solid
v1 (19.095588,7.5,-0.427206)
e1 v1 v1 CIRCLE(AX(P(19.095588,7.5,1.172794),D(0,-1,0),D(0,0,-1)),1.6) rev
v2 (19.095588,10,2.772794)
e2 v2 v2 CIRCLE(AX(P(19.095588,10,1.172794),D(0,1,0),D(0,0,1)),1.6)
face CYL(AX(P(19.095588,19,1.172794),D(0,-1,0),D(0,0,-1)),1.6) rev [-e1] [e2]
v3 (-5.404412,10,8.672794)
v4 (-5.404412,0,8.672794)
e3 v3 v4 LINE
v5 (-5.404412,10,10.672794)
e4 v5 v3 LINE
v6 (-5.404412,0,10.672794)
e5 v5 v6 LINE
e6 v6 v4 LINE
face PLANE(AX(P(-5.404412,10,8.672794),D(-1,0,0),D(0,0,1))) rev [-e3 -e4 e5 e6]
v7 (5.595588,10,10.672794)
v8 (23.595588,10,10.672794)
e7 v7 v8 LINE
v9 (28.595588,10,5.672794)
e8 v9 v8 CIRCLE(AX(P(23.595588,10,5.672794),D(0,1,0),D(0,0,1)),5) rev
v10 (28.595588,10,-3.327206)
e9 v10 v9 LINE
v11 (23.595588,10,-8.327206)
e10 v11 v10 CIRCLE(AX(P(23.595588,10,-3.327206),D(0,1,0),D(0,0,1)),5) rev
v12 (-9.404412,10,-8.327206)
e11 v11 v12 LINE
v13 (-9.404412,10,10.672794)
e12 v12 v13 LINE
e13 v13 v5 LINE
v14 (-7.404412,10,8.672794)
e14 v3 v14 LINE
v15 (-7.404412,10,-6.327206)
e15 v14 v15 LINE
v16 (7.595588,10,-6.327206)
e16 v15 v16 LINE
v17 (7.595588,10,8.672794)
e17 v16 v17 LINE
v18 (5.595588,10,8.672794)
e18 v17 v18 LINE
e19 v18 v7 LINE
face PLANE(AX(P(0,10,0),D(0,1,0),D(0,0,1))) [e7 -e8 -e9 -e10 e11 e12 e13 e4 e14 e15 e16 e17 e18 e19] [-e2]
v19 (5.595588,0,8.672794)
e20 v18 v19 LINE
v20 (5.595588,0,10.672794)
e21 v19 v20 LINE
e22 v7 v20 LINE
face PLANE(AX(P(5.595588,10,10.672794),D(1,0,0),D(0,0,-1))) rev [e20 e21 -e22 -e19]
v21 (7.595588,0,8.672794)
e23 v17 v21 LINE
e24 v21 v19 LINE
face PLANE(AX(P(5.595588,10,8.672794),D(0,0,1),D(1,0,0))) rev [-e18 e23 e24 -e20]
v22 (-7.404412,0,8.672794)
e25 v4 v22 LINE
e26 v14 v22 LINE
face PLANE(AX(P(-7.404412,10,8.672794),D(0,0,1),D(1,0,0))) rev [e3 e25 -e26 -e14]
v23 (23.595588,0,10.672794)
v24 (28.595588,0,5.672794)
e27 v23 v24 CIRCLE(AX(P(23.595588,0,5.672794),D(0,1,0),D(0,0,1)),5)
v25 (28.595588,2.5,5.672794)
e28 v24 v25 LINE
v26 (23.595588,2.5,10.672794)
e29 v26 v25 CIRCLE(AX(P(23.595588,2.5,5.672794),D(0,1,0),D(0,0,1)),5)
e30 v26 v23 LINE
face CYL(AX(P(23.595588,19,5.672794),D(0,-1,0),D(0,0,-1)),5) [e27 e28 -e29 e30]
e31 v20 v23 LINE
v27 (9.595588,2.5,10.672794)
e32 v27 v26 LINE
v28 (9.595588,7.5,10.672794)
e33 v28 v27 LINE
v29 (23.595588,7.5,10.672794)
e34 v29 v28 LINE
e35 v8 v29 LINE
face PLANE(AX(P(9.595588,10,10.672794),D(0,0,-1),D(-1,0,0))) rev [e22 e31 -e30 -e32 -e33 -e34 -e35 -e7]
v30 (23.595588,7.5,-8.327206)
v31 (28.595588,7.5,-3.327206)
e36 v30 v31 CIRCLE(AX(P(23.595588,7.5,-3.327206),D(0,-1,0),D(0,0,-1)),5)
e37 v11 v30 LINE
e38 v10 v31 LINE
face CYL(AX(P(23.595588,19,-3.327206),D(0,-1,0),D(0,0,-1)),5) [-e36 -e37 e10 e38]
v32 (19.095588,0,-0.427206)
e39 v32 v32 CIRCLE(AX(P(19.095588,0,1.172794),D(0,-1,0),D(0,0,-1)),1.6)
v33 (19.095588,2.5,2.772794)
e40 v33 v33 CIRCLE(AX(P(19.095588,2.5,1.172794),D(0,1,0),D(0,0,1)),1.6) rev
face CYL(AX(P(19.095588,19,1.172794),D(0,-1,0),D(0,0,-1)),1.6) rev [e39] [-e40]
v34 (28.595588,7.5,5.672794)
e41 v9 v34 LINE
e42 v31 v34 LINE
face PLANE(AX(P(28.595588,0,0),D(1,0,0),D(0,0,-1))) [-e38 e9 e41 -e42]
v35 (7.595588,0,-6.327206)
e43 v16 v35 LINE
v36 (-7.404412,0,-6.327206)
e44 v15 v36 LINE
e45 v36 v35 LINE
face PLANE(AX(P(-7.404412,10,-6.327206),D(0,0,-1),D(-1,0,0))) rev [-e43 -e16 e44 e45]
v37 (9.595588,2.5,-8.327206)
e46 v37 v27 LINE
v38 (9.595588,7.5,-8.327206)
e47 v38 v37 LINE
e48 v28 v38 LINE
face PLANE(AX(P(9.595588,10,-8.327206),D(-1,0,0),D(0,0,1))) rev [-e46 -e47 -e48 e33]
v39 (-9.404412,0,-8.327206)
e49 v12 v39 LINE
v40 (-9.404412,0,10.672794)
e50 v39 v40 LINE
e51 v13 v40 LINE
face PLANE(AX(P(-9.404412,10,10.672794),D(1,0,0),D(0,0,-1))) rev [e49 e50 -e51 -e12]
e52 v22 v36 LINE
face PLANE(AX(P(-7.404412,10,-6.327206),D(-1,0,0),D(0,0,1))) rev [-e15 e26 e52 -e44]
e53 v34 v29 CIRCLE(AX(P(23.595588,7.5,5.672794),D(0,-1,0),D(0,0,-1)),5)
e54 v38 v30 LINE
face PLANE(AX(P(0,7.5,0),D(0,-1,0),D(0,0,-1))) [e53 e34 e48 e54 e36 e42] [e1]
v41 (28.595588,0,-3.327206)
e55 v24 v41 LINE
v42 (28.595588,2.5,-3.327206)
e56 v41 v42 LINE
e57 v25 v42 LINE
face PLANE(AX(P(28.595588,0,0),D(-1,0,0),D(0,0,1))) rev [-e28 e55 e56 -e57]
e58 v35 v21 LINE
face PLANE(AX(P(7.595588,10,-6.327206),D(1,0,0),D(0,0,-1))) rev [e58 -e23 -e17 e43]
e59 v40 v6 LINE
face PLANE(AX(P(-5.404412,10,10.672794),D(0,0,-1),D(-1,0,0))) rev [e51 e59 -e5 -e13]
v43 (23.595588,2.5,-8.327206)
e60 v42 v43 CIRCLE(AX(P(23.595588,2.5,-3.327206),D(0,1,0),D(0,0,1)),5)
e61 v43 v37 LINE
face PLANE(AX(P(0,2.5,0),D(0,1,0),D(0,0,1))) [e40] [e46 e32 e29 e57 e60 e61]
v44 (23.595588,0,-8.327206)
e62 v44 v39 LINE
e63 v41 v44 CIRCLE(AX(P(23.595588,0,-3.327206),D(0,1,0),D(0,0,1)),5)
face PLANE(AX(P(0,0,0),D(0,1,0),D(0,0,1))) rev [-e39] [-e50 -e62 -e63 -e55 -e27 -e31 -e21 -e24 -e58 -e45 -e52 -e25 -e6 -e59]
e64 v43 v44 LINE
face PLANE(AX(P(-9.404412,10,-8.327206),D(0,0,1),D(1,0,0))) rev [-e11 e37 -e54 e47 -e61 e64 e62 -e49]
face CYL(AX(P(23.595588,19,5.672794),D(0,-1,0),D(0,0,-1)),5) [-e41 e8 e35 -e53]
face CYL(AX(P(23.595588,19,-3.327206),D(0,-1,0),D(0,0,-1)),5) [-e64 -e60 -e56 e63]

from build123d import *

# Parameters (mm, degrees)
EXTRUDE_3_DEPTH     = 10
SKETCH_5_W          = 19
SKETCH_5_H          = 3
EXTRUDE_5_DEPTH     = 19
SKETCH_6_R          = 1.6
CUT_EXTRUDE_4_DEPTH = 19
SKETCH_7_W          = 19
SKETCH_7_H          = 19
CUT_EXTRUDE_5_DEPTH = 0.5
SKETCH_8_W          = 19
SKETCH_8_H          = 19
CUT_EXTRUDE_7_DEPTH = 0.5


with BuildPart() as part:
    # 草图1 → 凸台-拉伸3 (new body)
    with BuildSketch(Plane(origin=(0, 0, 0), x_dir=(1, 0, 0), z_dir=(0, 1, 0))):
        Polygon((-7.404411765, -8.672794118), (-5.404411765, -8.672794118), (-5.404411765, -10.672794118), (-9.404411765, -10.672794118), (-9.404411765, 8.327205882), (9.595588235, 8.327205882), (9.595588235, -10.672794118), (5.595588235, -10.672794118), (5.595588235, -8.672794118), (7.595588235, -8.672794118), (7.595588235, 6.327205882), (-7.404411765, 6.327205882), align=None)
    extrude(amount=EXTRUDE_3_DEPTH)

    # 草图5 → 凸台-拉伸5 (add)
    with BuildSketch(Plane(origin=(9.595588235, 0, 0), x_dir=(0, 0, -1), z_dir=(1, 0, 0))):
        with Locations((-1.172794118, 8.5)):
            Rectangle(SKETCH_5_W, SKETCH_5_H)
        with Locations((-1.172794118, 1.5)):
            Rectangle(SKETCH_5_W, SKETCH_5_H)
    extrude(amount=EXTRUDE_5_DEPTH)

    # 草图6 → 切除-拉伸4 (cut)
    with BuildSketch(Plane.XZ):
        with Locations(Location((19.095588235, 1.172794118, 0), (0, 0, 270))):
            Circle(SKETCH_6_R)
        with BuildLine():
            Line((23.595588235, 10.672794118), (28.595588235, 10.672794118))
            Line((28.595588235, 10.672794118), (28.595588235, 5.672794118))
            ThreePointArc((28.595588235, 5.672794118), (27.131122141, 9.208328024), (23.595588235, 10.672794118))
        make_face()
        with BuildLine():
            Line((28.595588235, -3.327205882), (28.595588235, -8.327205882))
            Line((28.595588235, -8.327205882), (23.595588235, -8.327205882))
            ThreePointArc((23.595588235, -8.327205882), (27.131122141, -6.862739788), (28.595588235, -3.327205882))
        make_face()
    extrude(amount=-CUT_EXTRUDE_4_DEPTH, mode=Mode.SUBTRACT)

    # 草图7 → 切除-拉伸5 (cut)
    with BuildSketch(Plane.XZ.offset(-7)):
        with Locations((19.095588235, 1.172794118)):
            Rectangle(SKETCH_7_W, SKETCH_7_H)
    extrude(amount=-CUT_EXTRUDE_5_DEPTH, mode=Mode.SUBTRACT)

    # 草图8 → 切除-拉伸7 (cut)
    with BuildSketch(Plane(origin=(0, 3, 0), x_dir=(1, 0, 0), z_dir=(0, 1, 0))):
        with Locations((19.095588235, -1.172794118)):
            Rectangle(SKETCH_8_W, SKETCH_8_H)
    extrude(amount=-CUT_EXTRUDE_7_DEPTH, mode=Mode.SUBTRACT)


solid = part.part
